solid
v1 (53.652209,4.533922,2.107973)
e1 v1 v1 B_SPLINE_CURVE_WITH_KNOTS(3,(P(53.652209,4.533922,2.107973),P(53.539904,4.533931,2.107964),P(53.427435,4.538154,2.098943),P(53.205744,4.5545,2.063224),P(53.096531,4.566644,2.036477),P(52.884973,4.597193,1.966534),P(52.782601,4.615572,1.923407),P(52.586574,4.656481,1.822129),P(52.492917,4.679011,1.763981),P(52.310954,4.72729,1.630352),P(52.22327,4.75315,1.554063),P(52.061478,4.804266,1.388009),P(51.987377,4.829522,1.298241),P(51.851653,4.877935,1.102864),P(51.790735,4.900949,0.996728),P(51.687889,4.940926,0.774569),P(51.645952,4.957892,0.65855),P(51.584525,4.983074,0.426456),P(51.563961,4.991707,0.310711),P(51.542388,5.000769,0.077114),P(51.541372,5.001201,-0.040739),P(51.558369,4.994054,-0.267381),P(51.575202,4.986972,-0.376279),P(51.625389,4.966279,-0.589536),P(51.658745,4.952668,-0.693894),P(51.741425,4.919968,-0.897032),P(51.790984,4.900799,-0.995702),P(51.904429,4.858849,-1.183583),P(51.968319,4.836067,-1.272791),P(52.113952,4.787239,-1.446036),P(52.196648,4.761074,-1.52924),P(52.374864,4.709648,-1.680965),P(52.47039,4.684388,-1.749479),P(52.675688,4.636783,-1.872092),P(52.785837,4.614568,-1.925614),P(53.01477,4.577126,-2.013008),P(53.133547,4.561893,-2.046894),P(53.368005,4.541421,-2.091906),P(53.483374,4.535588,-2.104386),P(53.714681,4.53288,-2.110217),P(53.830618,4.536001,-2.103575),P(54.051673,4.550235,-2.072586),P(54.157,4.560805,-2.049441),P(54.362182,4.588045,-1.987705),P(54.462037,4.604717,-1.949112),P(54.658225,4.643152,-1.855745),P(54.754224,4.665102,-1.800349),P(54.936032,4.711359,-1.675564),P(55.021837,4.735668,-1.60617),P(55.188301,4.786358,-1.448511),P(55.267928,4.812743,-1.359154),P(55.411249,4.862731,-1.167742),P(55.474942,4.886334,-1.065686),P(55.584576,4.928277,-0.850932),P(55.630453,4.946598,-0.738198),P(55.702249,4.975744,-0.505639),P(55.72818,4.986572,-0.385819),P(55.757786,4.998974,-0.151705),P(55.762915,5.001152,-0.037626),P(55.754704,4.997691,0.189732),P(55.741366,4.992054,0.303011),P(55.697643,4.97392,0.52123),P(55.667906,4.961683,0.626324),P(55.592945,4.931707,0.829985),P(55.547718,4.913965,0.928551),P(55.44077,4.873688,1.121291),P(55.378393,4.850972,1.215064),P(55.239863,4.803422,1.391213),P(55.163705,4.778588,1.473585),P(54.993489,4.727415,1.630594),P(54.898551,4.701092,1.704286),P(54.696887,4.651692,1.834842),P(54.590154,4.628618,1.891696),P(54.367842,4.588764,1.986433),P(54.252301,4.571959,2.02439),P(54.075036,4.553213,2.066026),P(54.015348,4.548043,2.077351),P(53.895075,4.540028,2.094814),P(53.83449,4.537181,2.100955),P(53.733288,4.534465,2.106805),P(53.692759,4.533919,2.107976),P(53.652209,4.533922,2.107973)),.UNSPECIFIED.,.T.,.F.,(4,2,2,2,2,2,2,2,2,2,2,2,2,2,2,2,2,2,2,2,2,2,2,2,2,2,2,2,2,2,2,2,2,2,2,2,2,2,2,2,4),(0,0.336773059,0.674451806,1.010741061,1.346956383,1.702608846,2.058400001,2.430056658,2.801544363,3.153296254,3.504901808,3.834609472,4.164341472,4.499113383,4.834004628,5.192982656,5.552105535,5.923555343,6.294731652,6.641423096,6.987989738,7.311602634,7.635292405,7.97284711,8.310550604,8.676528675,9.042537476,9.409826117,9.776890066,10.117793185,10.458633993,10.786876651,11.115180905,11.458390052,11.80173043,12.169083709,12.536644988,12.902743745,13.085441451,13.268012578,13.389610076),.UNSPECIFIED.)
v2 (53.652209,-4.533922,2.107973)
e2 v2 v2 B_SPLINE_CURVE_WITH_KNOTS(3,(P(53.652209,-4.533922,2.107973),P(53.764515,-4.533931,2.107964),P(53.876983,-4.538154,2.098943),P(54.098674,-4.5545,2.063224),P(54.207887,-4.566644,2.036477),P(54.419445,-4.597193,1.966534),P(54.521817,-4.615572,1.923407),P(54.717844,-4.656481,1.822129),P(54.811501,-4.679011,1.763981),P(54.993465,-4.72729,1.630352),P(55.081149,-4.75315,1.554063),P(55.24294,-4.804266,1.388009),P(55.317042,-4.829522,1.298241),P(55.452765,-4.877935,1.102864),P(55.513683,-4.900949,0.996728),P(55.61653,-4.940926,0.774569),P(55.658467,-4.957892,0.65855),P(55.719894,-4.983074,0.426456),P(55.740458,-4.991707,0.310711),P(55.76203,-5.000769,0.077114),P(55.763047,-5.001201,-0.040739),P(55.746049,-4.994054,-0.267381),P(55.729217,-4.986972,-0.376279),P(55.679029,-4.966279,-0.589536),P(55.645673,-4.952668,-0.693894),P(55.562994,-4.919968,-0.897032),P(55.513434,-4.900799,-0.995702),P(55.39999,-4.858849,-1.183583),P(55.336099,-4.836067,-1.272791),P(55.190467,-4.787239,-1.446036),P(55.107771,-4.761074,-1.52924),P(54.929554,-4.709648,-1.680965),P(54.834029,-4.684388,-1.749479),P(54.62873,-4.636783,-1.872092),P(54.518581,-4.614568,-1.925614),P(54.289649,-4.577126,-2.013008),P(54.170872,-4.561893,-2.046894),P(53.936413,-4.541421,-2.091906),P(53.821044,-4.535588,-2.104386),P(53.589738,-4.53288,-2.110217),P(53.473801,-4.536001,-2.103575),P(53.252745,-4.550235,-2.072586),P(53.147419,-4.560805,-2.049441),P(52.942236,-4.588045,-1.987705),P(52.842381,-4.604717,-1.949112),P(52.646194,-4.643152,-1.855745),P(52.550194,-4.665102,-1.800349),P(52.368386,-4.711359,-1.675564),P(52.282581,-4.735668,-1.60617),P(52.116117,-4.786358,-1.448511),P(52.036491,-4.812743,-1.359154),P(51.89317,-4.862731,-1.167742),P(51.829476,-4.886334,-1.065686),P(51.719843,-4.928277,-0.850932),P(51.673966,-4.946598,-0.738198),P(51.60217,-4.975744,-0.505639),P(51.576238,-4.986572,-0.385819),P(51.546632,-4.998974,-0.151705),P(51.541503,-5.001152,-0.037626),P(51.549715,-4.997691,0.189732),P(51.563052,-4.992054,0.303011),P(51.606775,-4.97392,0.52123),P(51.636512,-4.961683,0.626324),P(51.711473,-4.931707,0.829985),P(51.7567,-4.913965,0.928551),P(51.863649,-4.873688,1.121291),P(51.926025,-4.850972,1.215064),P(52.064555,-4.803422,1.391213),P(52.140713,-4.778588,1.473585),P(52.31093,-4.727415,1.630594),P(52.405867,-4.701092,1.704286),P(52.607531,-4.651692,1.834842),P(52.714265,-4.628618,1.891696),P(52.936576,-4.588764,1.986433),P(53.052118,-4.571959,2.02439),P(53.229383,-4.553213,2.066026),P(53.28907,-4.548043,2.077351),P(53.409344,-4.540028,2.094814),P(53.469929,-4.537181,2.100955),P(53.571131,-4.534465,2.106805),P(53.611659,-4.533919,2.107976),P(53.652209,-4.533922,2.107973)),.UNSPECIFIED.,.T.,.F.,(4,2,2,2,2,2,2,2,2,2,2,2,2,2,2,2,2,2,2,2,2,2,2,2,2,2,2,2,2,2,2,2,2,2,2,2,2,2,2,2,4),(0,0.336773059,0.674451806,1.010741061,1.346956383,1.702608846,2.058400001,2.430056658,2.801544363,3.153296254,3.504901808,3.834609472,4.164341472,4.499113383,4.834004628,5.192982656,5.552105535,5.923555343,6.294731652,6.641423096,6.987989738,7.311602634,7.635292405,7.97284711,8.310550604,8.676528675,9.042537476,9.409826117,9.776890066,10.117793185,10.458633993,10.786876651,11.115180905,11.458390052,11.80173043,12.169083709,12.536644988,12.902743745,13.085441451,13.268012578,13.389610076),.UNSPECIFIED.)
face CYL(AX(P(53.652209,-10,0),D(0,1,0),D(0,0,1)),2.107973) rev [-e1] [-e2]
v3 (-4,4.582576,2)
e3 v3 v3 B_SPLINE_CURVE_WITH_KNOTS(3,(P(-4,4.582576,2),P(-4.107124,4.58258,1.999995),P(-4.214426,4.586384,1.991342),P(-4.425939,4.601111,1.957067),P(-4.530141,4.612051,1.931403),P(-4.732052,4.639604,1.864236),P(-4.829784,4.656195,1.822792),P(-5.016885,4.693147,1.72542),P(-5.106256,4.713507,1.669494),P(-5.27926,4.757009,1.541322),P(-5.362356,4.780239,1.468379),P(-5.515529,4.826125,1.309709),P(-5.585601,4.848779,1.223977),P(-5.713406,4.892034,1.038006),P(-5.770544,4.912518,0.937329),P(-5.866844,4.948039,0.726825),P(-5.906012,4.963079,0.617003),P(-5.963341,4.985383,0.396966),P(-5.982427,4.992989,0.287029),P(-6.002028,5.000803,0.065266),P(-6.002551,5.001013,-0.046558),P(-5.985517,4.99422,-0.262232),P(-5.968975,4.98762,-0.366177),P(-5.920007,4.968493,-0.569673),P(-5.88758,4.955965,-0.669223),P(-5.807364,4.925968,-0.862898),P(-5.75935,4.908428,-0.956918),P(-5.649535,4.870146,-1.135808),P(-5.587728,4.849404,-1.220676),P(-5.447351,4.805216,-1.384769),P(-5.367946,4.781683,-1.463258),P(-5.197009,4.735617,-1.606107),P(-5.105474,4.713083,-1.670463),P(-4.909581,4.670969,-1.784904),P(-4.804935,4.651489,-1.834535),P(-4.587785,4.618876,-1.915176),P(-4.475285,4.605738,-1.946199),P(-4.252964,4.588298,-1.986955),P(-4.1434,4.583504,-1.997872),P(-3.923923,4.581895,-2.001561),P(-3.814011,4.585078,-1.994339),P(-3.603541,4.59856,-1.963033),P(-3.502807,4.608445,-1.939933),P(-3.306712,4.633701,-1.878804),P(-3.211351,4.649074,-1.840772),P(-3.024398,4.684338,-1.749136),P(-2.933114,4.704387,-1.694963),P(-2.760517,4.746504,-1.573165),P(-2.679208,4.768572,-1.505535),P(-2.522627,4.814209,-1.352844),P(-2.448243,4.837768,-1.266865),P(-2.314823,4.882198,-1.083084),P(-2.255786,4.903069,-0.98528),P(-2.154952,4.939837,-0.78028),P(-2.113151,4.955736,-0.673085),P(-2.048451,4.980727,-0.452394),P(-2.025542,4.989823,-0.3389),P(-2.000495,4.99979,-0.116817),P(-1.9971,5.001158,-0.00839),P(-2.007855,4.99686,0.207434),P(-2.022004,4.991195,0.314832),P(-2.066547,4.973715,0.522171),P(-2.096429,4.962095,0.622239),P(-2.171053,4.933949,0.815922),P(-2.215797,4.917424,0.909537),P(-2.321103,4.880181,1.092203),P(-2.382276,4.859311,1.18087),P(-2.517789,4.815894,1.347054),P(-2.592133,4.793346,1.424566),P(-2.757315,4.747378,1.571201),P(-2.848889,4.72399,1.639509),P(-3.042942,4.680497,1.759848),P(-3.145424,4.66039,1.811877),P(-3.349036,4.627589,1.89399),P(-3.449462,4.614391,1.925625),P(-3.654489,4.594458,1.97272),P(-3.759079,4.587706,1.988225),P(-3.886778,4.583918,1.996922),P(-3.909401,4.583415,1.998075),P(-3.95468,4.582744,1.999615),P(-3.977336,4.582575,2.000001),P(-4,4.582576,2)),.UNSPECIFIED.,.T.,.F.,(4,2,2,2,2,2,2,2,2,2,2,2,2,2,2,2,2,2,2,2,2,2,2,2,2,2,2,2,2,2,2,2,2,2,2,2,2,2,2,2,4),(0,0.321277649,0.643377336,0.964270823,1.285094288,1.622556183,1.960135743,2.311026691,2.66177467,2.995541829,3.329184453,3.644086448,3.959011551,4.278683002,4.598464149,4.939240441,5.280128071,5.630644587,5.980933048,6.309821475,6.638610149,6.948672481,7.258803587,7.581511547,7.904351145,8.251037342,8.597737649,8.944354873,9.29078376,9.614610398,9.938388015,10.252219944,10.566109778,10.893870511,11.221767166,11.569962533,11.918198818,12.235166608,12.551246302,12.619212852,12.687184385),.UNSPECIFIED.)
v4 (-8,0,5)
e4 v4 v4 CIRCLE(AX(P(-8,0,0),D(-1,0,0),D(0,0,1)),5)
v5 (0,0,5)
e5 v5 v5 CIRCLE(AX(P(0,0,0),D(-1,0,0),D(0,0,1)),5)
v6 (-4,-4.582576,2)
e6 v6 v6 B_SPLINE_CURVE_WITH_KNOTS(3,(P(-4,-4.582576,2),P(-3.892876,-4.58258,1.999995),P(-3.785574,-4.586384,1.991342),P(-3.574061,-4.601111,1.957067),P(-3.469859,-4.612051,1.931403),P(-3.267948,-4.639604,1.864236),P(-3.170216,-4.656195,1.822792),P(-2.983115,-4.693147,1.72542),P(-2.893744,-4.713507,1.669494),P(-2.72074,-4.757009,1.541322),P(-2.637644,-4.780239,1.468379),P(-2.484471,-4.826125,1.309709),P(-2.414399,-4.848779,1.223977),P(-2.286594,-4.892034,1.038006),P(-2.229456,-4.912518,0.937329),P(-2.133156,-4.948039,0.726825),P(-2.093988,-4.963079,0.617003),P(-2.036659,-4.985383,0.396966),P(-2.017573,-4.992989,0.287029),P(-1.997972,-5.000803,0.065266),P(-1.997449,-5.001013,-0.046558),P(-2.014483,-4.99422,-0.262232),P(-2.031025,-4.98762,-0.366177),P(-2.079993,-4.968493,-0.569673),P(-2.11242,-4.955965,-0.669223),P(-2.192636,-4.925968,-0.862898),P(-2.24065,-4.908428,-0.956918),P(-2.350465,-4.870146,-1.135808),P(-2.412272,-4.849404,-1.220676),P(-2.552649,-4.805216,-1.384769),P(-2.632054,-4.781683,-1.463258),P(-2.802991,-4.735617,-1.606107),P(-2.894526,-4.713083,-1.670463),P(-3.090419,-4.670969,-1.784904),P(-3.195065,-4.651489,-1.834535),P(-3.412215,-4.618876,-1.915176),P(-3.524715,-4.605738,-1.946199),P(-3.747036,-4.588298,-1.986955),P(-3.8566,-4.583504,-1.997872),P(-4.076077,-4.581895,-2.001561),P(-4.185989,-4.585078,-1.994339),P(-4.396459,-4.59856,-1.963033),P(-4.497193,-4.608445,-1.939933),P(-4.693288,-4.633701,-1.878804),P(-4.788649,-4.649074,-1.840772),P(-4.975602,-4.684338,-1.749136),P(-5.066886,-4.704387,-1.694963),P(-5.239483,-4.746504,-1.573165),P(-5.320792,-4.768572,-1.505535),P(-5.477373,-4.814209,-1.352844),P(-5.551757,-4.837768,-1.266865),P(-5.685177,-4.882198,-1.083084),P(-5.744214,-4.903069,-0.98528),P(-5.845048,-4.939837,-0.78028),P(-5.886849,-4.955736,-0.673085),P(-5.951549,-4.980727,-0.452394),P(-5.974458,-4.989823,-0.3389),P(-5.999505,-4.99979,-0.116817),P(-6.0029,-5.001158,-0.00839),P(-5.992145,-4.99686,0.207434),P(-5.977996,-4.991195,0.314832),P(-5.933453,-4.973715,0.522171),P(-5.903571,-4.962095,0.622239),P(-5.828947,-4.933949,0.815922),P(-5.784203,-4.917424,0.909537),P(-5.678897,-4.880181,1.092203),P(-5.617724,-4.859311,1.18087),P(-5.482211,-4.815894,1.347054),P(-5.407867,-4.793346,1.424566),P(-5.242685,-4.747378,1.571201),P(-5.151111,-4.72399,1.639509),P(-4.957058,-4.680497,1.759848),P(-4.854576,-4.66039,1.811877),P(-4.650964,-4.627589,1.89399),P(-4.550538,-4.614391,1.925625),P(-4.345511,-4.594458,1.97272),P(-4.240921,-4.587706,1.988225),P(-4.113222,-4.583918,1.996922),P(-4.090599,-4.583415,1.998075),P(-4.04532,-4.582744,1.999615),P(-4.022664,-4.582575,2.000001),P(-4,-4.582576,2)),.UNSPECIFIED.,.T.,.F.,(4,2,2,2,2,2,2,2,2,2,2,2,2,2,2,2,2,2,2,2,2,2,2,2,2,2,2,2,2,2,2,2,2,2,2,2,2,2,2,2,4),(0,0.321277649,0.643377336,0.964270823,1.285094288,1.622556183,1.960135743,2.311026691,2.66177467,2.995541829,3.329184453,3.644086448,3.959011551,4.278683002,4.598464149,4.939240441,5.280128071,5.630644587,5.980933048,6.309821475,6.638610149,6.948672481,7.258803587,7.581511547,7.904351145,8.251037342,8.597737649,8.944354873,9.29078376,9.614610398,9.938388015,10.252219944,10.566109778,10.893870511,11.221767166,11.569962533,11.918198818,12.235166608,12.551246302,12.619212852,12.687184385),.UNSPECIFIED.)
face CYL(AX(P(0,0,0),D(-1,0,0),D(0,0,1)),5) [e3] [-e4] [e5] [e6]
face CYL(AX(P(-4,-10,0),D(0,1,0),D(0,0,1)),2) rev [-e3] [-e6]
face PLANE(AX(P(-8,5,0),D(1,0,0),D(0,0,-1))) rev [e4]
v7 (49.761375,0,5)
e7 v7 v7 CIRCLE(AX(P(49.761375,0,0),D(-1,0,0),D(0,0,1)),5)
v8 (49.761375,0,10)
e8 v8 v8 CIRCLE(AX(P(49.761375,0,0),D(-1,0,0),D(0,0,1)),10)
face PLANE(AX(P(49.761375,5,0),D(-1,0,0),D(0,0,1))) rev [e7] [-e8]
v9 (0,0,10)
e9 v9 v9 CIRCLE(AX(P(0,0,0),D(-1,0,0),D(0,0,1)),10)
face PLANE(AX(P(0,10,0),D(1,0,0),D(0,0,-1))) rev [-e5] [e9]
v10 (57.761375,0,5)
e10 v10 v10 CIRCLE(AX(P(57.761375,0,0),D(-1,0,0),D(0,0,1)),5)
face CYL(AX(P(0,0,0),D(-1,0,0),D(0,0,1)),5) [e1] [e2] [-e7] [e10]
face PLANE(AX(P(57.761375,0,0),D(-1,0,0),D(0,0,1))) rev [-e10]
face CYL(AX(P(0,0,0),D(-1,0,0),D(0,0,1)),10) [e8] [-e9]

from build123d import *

# Parameters (mm, degrees)
CUT_EXTRUDE1_DEPTH      = 10
CUT_EXTRUDE1_DEPTH_BACK = 10
SKETCH2_R               = 2
SKETCH2_R_2             = 2.107972828


with BuildPart() as part:
    # Sketch1 → Revolve1 (revolve)
    with BuildSketch(Plane.XY):
        Polygon((0, 0), (50, 0), (57.761374705, 0), (57.761374705, 5), (49.761374705, 5), (49.761374705, 10), (0, 10), (0, 5), (-8, 5), (-8, 0), align=None)
    revolve(axis=Axis((0, 0, 0), (1, 0, 0)))

    # Sketch2 → Cut-Extrude1 (cut, two sides: drawn at the far end of the back side and taken through both)
    with BuildSketch(Plane(origin=(0, 0, 0), x_dir=(1, 0, 0), z_dir=(0, 1, 0)).offset(-CUT_EXTRUDE1_DEPTH_BACK)):
        with Locations((-4, 0)):
            Circle(SKETCH2_R)
        with Locations((53.652209211, 0)):
            Circle(SKETCH2_R_2)
    extrude(amount=CUT_EXTRUDE1_DEPTH + CUT_EXTRUDE1_DEPTH_BACK, mode=Mode.SUBTRACT)


solid = part.part
